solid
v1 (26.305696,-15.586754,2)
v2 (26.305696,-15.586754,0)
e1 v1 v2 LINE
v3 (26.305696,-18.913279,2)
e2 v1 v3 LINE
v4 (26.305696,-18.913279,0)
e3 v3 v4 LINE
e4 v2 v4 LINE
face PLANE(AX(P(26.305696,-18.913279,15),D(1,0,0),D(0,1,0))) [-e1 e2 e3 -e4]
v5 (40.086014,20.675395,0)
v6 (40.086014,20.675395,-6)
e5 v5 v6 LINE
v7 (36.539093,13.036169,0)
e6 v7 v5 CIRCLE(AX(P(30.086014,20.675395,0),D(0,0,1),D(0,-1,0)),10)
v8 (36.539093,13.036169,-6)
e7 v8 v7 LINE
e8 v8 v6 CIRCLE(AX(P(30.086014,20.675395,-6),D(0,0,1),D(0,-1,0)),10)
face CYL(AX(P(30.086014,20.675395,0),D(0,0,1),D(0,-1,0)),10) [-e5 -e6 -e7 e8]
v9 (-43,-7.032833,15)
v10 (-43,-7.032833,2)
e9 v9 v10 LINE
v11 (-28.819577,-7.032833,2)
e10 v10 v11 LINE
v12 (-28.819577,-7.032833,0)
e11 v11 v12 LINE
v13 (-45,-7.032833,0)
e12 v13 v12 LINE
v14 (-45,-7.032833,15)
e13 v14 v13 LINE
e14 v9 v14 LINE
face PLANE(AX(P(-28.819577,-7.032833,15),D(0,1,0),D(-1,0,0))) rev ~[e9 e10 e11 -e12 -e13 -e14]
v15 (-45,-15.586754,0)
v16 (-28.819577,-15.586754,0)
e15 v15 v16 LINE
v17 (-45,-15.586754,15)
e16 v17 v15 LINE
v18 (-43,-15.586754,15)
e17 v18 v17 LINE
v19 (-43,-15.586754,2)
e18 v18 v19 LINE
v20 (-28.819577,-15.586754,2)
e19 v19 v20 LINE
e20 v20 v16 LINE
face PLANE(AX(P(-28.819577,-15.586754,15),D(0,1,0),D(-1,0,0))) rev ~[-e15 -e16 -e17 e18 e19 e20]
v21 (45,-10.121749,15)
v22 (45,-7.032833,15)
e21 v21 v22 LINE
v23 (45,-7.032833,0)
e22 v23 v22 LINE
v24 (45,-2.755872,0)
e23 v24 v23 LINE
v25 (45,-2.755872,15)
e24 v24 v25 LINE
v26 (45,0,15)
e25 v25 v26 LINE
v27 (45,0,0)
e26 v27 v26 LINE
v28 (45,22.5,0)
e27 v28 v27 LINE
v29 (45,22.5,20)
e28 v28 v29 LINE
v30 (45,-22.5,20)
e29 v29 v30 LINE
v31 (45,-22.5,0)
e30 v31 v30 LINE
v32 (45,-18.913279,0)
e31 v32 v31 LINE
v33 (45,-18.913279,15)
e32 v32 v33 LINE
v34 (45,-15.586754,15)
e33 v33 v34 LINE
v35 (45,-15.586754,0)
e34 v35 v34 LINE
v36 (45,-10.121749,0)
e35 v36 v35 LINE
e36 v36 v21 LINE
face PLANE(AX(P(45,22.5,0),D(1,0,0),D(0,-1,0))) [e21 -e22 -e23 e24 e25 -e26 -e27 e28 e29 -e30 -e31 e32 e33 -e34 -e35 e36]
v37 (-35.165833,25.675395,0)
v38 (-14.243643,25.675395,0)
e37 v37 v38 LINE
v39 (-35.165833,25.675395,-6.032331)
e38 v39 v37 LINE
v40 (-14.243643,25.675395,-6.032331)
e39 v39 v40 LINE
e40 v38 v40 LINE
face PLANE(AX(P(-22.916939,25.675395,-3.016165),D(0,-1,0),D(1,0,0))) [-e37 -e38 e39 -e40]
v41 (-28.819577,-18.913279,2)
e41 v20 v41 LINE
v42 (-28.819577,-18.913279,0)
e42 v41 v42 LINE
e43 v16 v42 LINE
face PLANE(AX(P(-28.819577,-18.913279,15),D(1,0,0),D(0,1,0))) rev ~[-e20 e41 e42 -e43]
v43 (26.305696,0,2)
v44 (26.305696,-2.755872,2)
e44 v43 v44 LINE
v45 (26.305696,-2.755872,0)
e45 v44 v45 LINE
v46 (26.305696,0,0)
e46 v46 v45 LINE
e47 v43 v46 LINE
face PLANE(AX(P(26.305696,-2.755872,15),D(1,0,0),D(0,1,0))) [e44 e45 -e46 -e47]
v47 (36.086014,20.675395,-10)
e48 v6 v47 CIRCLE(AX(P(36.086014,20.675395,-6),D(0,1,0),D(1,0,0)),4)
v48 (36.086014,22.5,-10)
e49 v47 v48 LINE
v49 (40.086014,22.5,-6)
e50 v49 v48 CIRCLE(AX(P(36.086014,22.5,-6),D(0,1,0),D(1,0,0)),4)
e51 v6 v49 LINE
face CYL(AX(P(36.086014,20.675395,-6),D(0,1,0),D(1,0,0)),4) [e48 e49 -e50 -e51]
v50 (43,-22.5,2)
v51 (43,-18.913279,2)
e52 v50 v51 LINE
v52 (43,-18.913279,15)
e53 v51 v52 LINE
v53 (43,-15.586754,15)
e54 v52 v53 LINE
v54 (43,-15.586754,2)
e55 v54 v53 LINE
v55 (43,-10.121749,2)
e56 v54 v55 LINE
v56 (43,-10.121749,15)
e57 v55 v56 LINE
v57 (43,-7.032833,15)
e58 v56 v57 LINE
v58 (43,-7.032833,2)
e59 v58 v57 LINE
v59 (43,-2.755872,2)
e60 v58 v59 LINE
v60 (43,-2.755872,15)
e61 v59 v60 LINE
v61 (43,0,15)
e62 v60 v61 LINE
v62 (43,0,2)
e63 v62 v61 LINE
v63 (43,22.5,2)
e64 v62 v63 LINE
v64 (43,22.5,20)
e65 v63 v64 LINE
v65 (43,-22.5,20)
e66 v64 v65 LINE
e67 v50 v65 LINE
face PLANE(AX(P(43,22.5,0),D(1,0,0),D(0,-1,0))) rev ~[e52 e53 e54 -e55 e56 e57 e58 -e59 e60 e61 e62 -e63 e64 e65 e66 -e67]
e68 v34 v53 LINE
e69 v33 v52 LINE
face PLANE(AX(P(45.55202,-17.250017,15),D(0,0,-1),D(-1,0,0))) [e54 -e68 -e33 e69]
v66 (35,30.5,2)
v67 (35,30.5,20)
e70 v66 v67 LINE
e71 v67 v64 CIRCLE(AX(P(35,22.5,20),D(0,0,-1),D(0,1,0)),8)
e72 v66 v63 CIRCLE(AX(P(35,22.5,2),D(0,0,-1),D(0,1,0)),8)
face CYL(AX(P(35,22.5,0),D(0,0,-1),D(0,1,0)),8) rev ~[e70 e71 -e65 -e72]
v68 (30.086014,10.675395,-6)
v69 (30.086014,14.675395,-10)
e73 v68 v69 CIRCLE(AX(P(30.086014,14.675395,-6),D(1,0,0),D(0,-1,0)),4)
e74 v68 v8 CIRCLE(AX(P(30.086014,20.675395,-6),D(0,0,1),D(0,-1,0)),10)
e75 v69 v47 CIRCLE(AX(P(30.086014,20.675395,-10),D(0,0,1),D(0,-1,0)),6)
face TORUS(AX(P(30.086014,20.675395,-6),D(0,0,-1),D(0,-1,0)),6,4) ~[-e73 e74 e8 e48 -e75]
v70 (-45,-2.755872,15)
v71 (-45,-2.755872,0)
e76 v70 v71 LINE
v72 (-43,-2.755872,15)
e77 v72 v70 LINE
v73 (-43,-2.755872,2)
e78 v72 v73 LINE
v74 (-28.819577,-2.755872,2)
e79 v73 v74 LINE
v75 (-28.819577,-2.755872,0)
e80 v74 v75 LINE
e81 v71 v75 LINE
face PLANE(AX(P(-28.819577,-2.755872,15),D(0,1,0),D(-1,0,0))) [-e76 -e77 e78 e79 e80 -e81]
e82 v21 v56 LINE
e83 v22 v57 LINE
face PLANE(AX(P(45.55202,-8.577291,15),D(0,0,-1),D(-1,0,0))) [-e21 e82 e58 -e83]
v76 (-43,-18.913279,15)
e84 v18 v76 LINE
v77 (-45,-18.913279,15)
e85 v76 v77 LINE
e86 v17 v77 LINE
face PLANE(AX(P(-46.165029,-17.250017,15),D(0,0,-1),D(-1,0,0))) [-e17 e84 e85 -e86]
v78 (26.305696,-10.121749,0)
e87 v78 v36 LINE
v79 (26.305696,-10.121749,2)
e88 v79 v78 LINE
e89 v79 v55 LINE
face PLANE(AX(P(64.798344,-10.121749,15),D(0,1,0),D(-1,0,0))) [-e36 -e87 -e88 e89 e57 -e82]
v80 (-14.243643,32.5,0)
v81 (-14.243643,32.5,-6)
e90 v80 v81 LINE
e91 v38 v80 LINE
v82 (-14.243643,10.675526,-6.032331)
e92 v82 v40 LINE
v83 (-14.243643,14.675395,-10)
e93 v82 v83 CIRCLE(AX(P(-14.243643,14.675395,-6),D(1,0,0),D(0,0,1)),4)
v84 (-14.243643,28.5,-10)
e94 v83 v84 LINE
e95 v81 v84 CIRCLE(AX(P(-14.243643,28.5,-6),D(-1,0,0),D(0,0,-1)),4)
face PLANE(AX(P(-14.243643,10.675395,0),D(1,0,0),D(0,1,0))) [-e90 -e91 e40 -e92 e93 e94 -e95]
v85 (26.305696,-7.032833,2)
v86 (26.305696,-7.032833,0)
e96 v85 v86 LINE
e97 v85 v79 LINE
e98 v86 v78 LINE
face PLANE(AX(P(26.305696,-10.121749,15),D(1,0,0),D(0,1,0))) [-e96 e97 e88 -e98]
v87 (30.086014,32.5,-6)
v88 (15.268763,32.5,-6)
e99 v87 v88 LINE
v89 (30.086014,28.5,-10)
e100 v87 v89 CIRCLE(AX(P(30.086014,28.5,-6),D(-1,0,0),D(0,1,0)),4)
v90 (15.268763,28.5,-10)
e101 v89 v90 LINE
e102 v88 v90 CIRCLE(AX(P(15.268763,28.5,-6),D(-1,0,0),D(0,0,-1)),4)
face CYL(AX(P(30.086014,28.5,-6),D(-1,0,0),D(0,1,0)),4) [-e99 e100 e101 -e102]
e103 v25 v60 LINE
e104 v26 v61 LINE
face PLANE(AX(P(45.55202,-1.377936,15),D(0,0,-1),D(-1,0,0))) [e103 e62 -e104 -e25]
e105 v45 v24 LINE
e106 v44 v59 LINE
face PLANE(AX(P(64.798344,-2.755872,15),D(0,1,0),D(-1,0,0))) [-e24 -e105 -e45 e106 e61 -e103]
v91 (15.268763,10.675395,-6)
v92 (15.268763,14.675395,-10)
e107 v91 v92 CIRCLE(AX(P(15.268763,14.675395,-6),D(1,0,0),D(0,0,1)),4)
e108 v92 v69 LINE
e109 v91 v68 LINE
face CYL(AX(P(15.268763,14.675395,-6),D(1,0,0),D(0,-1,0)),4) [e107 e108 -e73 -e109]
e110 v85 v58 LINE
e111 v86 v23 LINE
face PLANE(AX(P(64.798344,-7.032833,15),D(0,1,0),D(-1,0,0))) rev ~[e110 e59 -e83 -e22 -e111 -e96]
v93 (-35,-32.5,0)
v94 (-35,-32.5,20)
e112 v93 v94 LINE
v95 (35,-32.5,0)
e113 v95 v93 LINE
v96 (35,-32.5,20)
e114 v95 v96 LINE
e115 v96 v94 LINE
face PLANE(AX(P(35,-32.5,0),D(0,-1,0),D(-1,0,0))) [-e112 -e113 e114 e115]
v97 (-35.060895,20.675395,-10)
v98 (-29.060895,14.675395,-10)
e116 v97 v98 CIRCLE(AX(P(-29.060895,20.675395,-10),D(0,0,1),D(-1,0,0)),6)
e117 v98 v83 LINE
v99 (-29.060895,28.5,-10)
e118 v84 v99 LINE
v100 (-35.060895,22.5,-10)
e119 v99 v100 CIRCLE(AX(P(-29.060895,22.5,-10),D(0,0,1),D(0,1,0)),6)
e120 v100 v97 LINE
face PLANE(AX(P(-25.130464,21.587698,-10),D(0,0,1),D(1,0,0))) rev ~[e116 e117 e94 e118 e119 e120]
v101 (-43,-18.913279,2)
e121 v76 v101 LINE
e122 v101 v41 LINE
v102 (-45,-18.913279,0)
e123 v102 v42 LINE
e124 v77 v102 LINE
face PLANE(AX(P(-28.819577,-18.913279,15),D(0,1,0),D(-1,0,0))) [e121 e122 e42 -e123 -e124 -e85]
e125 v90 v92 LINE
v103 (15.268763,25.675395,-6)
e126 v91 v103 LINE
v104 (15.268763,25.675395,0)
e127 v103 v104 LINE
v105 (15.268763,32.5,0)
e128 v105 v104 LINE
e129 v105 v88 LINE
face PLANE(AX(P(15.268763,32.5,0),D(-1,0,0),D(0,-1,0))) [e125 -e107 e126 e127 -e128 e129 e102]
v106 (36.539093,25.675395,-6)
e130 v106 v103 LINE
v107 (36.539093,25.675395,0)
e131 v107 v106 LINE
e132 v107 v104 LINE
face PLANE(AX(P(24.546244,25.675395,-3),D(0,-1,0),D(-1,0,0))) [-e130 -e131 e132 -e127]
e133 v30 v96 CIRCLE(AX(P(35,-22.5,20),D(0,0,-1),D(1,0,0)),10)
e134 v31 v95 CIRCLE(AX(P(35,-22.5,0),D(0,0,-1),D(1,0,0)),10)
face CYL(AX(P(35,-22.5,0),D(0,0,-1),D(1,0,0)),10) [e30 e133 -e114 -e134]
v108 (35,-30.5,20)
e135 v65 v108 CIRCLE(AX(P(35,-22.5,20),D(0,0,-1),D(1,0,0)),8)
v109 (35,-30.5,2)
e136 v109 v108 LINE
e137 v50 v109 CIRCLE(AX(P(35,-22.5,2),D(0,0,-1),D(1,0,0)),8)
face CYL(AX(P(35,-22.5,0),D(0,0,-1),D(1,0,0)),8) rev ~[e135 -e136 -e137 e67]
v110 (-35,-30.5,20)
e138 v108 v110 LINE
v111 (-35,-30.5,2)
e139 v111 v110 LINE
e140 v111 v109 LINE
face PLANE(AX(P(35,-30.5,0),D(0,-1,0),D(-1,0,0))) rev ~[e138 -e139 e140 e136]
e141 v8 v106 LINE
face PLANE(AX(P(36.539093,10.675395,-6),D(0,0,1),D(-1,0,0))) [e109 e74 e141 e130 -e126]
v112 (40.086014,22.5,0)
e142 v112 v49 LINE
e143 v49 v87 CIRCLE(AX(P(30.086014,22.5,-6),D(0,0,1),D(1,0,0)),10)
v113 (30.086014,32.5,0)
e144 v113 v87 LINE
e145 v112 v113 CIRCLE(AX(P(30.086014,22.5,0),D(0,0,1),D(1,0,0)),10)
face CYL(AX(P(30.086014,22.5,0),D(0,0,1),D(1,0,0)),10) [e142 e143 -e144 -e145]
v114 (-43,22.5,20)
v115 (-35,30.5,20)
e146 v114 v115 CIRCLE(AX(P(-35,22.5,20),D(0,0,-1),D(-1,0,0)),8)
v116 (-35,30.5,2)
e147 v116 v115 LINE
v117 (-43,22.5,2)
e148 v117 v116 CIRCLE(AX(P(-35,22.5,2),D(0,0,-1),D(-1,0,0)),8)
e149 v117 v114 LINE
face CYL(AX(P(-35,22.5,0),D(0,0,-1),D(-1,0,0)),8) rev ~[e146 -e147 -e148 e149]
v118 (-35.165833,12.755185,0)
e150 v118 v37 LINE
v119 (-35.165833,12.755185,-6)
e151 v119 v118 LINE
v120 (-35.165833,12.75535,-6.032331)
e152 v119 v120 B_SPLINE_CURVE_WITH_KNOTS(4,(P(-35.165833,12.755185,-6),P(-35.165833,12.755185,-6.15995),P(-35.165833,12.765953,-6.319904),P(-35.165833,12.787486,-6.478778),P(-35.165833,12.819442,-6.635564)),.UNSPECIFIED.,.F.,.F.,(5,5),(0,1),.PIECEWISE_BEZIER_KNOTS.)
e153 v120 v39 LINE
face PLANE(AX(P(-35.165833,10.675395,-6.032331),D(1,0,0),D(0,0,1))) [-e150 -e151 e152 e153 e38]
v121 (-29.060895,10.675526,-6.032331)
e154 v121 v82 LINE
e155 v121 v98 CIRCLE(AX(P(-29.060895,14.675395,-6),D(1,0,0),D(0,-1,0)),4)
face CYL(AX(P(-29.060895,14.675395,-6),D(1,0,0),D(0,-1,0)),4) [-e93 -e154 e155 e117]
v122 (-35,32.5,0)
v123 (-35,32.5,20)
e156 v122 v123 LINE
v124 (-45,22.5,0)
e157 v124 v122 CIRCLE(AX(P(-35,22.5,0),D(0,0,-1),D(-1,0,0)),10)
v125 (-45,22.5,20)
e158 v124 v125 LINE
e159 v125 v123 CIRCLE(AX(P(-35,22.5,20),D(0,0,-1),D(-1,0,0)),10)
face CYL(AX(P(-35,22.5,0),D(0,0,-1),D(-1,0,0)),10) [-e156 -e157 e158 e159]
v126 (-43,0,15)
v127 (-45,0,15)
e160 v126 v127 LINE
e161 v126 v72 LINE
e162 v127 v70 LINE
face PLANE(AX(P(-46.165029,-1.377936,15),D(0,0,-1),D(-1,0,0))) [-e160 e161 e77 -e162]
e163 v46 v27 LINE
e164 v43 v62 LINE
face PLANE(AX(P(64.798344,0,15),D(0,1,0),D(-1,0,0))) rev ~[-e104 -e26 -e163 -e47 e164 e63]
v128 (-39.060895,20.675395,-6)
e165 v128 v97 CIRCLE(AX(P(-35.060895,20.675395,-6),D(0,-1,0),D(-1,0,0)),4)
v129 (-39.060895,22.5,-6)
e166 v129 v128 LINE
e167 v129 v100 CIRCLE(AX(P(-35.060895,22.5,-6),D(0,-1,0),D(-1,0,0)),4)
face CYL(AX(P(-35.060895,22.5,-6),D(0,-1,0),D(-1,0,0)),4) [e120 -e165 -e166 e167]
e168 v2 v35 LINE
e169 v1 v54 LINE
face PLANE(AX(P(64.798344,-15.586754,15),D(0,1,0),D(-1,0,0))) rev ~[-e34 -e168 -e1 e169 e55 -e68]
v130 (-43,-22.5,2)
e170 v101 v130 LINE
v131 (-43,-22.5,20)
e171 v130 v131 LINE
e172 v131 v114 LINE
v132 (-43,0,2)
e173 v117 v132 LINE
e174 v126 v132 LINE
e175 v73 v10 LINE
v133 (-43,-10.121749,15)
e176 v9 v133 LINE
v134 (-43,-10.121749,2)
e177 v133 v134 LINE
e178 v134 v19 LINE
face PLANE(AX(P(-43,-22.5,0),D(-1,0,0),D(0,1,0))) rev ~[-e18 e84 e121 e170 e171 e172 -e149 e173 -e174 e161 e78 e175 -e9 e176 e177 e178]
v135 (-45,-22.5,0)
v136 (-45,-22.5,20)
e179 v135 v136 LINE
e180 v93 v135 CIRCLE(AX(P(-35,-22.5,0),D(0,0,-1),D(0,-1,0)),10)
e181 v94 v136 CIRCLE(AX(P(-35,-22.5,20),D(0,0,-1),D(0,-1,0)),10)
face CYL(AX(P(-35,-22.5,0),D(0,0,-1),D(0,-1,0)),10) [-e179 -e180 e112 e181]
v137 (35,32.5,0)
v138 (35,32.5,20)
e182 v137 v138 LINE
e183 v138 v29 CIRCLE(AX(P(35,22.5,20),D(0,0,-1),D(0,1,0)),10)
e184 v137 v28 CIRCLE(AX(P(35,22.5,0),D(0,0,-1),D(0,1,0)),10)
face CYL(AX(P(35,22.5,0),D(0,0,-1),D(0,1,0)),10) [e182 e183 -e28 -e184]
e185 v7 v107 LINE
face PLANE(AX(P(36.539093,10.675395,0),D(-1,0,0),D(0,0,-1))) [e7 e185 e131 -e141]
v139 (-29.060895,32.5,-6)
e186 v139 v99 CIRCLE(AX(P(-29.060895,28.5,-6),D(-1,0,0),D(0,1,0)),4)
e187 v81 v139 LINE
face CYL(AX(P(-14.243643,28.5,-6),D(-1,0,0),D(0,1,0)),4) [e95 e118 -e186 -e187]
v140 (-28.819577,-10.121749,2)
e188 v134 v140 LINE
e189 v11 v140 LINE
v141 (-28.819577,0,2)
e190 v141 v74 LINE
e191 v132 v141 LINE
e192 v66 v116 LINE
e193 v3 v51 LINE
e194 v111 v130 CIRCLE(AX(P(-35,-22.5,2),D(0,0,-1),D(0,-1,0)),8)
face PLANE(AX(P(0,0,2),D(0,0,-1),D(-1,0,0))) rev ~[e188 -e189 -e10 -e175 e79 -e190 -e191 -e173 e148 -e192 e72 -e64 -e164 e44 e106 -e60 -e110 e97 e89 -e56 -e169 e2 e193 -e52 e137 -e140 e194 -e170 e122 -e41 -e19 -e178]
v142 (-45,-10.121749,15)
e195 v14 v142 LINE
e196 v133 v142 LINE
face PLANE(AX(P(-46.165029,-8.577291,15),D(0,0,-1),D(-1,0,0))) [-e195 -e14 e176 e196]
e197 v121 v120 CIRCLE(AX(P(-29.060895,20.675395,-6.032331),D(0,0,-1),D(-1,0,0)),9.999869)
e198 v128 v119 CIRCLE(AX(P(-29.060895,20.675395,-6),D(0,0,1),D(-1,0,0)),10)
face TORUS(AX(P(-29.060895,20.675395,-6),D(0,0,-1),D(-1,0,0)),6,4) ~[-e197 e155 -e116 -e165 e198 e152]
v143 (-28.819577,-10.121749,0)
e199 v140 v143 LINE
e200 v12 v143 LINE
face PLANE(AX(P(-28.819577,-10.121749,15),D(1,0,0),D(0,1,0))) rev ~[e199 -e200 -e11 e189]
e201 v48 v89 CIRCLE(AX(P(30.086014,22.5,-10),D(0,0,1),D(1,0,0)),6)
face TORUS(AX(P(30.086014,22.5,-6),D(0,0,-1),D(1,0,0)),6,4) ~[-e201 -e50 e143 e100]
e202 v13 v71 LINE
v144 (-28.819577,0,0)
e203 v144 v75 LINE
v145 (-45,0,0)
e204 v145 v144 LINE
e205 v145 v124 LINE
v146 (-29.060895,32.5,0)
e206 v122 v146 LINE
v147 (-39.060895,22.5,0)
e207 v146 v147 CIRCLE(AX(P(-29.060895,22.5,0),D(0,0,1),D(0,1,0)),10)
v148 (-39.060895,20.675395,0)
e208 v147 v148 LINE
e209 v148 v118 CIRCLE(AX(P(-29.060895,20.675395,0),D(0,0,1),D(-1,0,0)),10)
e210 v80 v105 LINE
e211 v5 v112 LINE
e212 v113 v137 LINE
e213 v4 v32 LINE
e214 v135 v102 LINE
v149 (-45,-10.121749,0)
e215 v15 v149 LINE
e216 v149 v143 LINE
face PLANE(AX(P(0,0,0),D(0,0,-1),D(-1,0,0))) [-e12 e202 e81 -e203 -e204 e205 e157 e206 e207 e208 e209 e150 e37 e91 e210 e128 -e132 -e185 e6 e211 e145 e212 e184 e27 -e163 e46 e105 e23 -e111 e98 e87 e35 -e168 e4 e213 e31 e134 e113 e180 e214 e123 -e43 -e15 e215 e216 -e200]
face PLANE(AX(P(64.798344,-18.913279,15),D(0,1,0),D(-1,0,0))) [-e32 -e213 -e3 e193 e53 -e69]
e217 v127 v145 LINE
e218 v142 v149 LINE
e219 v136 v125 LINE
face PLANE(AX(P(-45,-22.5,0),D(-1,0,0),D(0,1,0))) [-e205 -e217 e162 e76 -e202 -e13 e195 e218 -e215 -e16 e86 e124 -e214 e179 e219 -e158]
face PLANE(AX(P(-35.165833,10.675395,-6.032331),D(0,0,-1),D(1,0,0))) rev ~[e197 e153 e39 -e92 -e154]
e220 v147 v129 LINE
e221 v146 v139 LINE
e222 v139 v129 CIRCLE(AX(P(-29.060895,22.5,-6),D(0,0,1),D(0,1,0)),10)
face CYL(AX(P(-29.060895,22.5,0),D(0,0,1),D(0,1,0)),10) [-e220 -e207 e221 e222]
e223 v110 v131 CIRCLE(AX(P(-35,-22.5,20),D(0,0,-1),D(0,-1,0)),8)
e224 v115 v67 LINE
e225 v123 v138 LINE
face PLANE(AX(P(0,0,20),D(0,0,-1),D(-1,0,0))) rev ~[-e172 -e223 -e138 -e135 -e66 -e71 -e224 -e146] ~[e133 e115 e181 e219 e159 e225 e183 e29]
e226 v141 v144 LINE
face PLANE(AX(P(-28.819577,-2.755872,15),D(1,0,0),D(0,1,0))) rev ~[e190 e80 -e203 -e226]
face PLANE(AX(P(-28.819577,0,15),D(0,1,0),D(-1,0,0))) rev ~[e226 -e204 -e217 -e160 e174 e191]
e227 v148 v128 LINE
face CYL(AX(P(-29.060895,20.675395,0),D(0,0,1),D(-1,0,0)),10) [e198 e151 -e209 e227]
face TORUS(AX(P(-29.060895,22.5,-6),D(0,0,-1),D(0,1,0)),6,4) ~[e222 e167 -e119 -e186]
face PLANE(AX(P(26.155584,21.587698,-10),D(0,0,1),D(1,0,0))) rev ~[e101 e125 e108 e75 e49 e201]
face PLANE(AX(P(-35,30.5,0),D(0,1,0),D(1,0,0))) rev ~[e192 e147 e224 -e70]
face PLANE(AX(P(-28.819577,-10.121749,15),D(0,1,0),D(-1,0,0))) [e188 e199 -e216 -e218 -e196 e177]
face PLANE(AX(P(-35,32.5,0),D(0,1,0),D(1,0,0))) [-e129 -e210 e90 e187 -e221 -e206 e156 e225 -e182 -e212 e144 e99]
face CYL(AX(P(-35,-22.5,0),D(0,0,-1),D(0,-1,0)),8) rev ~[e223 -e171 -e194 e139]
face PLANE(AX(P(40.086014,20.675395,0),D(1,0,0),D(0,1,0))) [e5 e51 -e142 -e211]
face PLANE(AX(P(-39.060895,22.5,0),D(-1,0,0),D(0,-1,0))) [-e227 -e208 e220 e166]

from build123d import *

# Parameters (mm, degrees)
RESSALTO_EXTRUS_O1_DEPTH   = 20
CASCA1_T                   = -2
RESSALTO_EXTRUS_O2_DEPTH   = 10
FILETE1_R                  = 4
ESBO_O5_W                  = 23.985697769
ESBO_O5_H                  = 6
CORTE_EXTRUS_O1_DEPTH      = 15
ESBO_O6_W                  = 24.497787774
ESBO_O6_H                  = 6.032330751
CORTE_EXTRUS_O2_DEPTH      = 15
CORTE_EXTRUS_O3_DEPTH      = 15
CORTE_EXTRUS_O3_DEPTH_BACK = 15
ESBO_O7_W                  = 38.492647719
ESBO_O7_H                  = 2.75587166
ESBO_O7_H_2                = 3.088916175
ESBO_O7_H_3                = 3.326525112
ESBO_O7_W_2                = 34.690904734


with BuildPart() as part:
    # Esboço1 → Ressalto-extrusão1 (new body)
    with BuildSketch(Plane.XY):
        with BuildLine():
            Line((-35, 32.5), (35, 32.5))
            ThreePointArc((35, 32.5), (42.071067812, 29.571067812), (45, 22.5))
            Line((45, 22.5), (45, -22.5))
            ThreePointArc((45, -22.5), (42.071067812, -29.571067812), (35, -32.5))
            Line((35, -32.5), (-35, -32.5))
            ThreePointArc((-35, -32.5), (-42.071067812, -29.571067812), (-45, -22.5))
            Line((-45, -22.5), (-45, 22.5))
            ThreePointArc((-45, 22.5), (-42.071067812, 29.571067812), (-35, 32.5))
        make_face()
    extrude(amount=RESSALTO_EXTRUS_O1_DEPTH)

    # Casca1
    casca1_openings = [part.faces().sort_by_distance(p)[0] for p in [
        (0, 0, 20),
    ]]
    offset(amount=CASCA1_T, openings=casca1_openings, kind=Kind.INTERSECTION)

    # Esboço2 → Ressalto-extrusão2 (add)
    with BuildSketch(Plane(origin=(0, 0, 0), x_dir=(-1, 0, 0), z_dir=(0, 0, -1))):
        with BuildLine():
            Line((-30.08601431, 32.5), (-15.268763233, 32.5))
            Line((-15.268763233, 32.5), (-15.268763233, 10.675395158))
            Line((-15.268763233, 10.675395158), (-30.08601431, 10.675395158))
            ThreePointArc((-30.08601431, 10.675395158), (-37.157082122, 13.604327346), (-40.08601431, 20.675395158))
            Line((-40.08601431, 20.675395158), (-40.08601431, 22.5))
            ThreePointArc((-40.08601431, 22.5), (-37.157082122, 29.571067812), (-30.08601431, 32.5))
        make_face()
        with BuildLine():
            Line((14.243643453, 32.5), (29.06089453, 32.5))
            ThreePointArc((29.06089453, 32.5), (36.131962342, 29.571067812), (39.06089453, 22.5))
            Line((39.06089453, 22.5), (39.06089453, 20.675395158))
            ThreePointArc((39.06089453, 20.675395158), (36.131962342, 13.604327346), (29.06089453, 10.675395158))
            Line((29.06089453, 10.675395158), (14.243643453, 10.675395158))
            Line((14.243643453, 10.675395158), (14.243643453, 32.5))
        make_face()
    extrude(amount=RESSALTO_EXTRUS_O2_DEPTH)

    # Filete1
    filete1_edges = [part.edges().sort_by_distance(p)[0] for p in [
        (-21.652268991, 10.675395158, -10),
        (-36.131962342, 13.604327346, -10),
        (-39.06089453, 21.587697579, -10),
        (-36.131962342, 29.571067812, -10),
        (22.677388772, 10.675395158, -10),
        (37.157082122, 13.604327346, -10),
        (40.08601431, 21.587697579, -10),
        (37.157082122, 29.571067812, -10),
        (-21.652268991, 32.5, -10),
        (22.677388772, 32.5, -10),
    ]]
    fillet(filete1_edges, radius=FILETE1_R)

    # Esboço5 → Corte-extrusão1 (cut)
    with BuildSketch(Plane(origin=(0, 10.675395158, 0), x_dir=(-1, 0, 0), z_dir=(0, -1, 0))):
        with Locations((-24.546243996, 3)):
            Rectangle(ESBO_O5_W, ESBO_O5_H)
    extrude(amount=-CORTE_EXTRUS_O1_DEPTH, mode=Mode.SUBTRACT)

    # Esboço6 → Corte-extrusão2 (cut)
    with BuildSketch(Plane.XZ.offset(-10.675395158)):
        with Locations((-22.916938832, -3.016165375)):
            Rectangle(ESBO_O6_W, ESBO_O6_H)
    extrude(amount=-CORTE_EXTRUS_O2_DEPTH, mode=Mode.SUBTRACT)

    # Esboço7 → Corte-extrusão3 (cut, two sides: drawn at the far end of the back side and taken through both)
    with BuildSketch(Plane(origin=(0, 0, 0), x_dir=(-1, 0, 0), z_dir=(0, 0, -1)).offset(-CORTE_EXTRUS_O3_DEPTH_BACK)):
        with Locations((-45.552020228, -1.37793583)):
            Rectangle(ESBO_O7_W, ESBO_O7_H)
        with Locations((-45.552020228, -8.577290605)):
            Rectangle(ESBO_O7_W, ESBO_O7_H_2)
        with Locations((-45.552020228, -17.250016789)):
            Rectangle(ESBO_O7_W, ESBO_O7_H_3)
        with Locations((46.165029276, -1.37793583)):
            Rectangle(ESBO_O7_W_2, ESBO_O7_H)
        with Locations((46.165029276, -8.577290605)):
            Rectangle(ESBO_O7_W_2, ESBO_O7_H_2)
        with Locations((46.165029276, -17.250016789)):
            Rectangle(ESBO_O7_W_2, ESBO_O7_H_3)
    extrude(amount=CORTE_EXTRUS_O3_DEPTH + CORTE_EXTRUS_O3_DEPTH_BACK, mode=Mode.SUBTRACT)


solid = part.part
